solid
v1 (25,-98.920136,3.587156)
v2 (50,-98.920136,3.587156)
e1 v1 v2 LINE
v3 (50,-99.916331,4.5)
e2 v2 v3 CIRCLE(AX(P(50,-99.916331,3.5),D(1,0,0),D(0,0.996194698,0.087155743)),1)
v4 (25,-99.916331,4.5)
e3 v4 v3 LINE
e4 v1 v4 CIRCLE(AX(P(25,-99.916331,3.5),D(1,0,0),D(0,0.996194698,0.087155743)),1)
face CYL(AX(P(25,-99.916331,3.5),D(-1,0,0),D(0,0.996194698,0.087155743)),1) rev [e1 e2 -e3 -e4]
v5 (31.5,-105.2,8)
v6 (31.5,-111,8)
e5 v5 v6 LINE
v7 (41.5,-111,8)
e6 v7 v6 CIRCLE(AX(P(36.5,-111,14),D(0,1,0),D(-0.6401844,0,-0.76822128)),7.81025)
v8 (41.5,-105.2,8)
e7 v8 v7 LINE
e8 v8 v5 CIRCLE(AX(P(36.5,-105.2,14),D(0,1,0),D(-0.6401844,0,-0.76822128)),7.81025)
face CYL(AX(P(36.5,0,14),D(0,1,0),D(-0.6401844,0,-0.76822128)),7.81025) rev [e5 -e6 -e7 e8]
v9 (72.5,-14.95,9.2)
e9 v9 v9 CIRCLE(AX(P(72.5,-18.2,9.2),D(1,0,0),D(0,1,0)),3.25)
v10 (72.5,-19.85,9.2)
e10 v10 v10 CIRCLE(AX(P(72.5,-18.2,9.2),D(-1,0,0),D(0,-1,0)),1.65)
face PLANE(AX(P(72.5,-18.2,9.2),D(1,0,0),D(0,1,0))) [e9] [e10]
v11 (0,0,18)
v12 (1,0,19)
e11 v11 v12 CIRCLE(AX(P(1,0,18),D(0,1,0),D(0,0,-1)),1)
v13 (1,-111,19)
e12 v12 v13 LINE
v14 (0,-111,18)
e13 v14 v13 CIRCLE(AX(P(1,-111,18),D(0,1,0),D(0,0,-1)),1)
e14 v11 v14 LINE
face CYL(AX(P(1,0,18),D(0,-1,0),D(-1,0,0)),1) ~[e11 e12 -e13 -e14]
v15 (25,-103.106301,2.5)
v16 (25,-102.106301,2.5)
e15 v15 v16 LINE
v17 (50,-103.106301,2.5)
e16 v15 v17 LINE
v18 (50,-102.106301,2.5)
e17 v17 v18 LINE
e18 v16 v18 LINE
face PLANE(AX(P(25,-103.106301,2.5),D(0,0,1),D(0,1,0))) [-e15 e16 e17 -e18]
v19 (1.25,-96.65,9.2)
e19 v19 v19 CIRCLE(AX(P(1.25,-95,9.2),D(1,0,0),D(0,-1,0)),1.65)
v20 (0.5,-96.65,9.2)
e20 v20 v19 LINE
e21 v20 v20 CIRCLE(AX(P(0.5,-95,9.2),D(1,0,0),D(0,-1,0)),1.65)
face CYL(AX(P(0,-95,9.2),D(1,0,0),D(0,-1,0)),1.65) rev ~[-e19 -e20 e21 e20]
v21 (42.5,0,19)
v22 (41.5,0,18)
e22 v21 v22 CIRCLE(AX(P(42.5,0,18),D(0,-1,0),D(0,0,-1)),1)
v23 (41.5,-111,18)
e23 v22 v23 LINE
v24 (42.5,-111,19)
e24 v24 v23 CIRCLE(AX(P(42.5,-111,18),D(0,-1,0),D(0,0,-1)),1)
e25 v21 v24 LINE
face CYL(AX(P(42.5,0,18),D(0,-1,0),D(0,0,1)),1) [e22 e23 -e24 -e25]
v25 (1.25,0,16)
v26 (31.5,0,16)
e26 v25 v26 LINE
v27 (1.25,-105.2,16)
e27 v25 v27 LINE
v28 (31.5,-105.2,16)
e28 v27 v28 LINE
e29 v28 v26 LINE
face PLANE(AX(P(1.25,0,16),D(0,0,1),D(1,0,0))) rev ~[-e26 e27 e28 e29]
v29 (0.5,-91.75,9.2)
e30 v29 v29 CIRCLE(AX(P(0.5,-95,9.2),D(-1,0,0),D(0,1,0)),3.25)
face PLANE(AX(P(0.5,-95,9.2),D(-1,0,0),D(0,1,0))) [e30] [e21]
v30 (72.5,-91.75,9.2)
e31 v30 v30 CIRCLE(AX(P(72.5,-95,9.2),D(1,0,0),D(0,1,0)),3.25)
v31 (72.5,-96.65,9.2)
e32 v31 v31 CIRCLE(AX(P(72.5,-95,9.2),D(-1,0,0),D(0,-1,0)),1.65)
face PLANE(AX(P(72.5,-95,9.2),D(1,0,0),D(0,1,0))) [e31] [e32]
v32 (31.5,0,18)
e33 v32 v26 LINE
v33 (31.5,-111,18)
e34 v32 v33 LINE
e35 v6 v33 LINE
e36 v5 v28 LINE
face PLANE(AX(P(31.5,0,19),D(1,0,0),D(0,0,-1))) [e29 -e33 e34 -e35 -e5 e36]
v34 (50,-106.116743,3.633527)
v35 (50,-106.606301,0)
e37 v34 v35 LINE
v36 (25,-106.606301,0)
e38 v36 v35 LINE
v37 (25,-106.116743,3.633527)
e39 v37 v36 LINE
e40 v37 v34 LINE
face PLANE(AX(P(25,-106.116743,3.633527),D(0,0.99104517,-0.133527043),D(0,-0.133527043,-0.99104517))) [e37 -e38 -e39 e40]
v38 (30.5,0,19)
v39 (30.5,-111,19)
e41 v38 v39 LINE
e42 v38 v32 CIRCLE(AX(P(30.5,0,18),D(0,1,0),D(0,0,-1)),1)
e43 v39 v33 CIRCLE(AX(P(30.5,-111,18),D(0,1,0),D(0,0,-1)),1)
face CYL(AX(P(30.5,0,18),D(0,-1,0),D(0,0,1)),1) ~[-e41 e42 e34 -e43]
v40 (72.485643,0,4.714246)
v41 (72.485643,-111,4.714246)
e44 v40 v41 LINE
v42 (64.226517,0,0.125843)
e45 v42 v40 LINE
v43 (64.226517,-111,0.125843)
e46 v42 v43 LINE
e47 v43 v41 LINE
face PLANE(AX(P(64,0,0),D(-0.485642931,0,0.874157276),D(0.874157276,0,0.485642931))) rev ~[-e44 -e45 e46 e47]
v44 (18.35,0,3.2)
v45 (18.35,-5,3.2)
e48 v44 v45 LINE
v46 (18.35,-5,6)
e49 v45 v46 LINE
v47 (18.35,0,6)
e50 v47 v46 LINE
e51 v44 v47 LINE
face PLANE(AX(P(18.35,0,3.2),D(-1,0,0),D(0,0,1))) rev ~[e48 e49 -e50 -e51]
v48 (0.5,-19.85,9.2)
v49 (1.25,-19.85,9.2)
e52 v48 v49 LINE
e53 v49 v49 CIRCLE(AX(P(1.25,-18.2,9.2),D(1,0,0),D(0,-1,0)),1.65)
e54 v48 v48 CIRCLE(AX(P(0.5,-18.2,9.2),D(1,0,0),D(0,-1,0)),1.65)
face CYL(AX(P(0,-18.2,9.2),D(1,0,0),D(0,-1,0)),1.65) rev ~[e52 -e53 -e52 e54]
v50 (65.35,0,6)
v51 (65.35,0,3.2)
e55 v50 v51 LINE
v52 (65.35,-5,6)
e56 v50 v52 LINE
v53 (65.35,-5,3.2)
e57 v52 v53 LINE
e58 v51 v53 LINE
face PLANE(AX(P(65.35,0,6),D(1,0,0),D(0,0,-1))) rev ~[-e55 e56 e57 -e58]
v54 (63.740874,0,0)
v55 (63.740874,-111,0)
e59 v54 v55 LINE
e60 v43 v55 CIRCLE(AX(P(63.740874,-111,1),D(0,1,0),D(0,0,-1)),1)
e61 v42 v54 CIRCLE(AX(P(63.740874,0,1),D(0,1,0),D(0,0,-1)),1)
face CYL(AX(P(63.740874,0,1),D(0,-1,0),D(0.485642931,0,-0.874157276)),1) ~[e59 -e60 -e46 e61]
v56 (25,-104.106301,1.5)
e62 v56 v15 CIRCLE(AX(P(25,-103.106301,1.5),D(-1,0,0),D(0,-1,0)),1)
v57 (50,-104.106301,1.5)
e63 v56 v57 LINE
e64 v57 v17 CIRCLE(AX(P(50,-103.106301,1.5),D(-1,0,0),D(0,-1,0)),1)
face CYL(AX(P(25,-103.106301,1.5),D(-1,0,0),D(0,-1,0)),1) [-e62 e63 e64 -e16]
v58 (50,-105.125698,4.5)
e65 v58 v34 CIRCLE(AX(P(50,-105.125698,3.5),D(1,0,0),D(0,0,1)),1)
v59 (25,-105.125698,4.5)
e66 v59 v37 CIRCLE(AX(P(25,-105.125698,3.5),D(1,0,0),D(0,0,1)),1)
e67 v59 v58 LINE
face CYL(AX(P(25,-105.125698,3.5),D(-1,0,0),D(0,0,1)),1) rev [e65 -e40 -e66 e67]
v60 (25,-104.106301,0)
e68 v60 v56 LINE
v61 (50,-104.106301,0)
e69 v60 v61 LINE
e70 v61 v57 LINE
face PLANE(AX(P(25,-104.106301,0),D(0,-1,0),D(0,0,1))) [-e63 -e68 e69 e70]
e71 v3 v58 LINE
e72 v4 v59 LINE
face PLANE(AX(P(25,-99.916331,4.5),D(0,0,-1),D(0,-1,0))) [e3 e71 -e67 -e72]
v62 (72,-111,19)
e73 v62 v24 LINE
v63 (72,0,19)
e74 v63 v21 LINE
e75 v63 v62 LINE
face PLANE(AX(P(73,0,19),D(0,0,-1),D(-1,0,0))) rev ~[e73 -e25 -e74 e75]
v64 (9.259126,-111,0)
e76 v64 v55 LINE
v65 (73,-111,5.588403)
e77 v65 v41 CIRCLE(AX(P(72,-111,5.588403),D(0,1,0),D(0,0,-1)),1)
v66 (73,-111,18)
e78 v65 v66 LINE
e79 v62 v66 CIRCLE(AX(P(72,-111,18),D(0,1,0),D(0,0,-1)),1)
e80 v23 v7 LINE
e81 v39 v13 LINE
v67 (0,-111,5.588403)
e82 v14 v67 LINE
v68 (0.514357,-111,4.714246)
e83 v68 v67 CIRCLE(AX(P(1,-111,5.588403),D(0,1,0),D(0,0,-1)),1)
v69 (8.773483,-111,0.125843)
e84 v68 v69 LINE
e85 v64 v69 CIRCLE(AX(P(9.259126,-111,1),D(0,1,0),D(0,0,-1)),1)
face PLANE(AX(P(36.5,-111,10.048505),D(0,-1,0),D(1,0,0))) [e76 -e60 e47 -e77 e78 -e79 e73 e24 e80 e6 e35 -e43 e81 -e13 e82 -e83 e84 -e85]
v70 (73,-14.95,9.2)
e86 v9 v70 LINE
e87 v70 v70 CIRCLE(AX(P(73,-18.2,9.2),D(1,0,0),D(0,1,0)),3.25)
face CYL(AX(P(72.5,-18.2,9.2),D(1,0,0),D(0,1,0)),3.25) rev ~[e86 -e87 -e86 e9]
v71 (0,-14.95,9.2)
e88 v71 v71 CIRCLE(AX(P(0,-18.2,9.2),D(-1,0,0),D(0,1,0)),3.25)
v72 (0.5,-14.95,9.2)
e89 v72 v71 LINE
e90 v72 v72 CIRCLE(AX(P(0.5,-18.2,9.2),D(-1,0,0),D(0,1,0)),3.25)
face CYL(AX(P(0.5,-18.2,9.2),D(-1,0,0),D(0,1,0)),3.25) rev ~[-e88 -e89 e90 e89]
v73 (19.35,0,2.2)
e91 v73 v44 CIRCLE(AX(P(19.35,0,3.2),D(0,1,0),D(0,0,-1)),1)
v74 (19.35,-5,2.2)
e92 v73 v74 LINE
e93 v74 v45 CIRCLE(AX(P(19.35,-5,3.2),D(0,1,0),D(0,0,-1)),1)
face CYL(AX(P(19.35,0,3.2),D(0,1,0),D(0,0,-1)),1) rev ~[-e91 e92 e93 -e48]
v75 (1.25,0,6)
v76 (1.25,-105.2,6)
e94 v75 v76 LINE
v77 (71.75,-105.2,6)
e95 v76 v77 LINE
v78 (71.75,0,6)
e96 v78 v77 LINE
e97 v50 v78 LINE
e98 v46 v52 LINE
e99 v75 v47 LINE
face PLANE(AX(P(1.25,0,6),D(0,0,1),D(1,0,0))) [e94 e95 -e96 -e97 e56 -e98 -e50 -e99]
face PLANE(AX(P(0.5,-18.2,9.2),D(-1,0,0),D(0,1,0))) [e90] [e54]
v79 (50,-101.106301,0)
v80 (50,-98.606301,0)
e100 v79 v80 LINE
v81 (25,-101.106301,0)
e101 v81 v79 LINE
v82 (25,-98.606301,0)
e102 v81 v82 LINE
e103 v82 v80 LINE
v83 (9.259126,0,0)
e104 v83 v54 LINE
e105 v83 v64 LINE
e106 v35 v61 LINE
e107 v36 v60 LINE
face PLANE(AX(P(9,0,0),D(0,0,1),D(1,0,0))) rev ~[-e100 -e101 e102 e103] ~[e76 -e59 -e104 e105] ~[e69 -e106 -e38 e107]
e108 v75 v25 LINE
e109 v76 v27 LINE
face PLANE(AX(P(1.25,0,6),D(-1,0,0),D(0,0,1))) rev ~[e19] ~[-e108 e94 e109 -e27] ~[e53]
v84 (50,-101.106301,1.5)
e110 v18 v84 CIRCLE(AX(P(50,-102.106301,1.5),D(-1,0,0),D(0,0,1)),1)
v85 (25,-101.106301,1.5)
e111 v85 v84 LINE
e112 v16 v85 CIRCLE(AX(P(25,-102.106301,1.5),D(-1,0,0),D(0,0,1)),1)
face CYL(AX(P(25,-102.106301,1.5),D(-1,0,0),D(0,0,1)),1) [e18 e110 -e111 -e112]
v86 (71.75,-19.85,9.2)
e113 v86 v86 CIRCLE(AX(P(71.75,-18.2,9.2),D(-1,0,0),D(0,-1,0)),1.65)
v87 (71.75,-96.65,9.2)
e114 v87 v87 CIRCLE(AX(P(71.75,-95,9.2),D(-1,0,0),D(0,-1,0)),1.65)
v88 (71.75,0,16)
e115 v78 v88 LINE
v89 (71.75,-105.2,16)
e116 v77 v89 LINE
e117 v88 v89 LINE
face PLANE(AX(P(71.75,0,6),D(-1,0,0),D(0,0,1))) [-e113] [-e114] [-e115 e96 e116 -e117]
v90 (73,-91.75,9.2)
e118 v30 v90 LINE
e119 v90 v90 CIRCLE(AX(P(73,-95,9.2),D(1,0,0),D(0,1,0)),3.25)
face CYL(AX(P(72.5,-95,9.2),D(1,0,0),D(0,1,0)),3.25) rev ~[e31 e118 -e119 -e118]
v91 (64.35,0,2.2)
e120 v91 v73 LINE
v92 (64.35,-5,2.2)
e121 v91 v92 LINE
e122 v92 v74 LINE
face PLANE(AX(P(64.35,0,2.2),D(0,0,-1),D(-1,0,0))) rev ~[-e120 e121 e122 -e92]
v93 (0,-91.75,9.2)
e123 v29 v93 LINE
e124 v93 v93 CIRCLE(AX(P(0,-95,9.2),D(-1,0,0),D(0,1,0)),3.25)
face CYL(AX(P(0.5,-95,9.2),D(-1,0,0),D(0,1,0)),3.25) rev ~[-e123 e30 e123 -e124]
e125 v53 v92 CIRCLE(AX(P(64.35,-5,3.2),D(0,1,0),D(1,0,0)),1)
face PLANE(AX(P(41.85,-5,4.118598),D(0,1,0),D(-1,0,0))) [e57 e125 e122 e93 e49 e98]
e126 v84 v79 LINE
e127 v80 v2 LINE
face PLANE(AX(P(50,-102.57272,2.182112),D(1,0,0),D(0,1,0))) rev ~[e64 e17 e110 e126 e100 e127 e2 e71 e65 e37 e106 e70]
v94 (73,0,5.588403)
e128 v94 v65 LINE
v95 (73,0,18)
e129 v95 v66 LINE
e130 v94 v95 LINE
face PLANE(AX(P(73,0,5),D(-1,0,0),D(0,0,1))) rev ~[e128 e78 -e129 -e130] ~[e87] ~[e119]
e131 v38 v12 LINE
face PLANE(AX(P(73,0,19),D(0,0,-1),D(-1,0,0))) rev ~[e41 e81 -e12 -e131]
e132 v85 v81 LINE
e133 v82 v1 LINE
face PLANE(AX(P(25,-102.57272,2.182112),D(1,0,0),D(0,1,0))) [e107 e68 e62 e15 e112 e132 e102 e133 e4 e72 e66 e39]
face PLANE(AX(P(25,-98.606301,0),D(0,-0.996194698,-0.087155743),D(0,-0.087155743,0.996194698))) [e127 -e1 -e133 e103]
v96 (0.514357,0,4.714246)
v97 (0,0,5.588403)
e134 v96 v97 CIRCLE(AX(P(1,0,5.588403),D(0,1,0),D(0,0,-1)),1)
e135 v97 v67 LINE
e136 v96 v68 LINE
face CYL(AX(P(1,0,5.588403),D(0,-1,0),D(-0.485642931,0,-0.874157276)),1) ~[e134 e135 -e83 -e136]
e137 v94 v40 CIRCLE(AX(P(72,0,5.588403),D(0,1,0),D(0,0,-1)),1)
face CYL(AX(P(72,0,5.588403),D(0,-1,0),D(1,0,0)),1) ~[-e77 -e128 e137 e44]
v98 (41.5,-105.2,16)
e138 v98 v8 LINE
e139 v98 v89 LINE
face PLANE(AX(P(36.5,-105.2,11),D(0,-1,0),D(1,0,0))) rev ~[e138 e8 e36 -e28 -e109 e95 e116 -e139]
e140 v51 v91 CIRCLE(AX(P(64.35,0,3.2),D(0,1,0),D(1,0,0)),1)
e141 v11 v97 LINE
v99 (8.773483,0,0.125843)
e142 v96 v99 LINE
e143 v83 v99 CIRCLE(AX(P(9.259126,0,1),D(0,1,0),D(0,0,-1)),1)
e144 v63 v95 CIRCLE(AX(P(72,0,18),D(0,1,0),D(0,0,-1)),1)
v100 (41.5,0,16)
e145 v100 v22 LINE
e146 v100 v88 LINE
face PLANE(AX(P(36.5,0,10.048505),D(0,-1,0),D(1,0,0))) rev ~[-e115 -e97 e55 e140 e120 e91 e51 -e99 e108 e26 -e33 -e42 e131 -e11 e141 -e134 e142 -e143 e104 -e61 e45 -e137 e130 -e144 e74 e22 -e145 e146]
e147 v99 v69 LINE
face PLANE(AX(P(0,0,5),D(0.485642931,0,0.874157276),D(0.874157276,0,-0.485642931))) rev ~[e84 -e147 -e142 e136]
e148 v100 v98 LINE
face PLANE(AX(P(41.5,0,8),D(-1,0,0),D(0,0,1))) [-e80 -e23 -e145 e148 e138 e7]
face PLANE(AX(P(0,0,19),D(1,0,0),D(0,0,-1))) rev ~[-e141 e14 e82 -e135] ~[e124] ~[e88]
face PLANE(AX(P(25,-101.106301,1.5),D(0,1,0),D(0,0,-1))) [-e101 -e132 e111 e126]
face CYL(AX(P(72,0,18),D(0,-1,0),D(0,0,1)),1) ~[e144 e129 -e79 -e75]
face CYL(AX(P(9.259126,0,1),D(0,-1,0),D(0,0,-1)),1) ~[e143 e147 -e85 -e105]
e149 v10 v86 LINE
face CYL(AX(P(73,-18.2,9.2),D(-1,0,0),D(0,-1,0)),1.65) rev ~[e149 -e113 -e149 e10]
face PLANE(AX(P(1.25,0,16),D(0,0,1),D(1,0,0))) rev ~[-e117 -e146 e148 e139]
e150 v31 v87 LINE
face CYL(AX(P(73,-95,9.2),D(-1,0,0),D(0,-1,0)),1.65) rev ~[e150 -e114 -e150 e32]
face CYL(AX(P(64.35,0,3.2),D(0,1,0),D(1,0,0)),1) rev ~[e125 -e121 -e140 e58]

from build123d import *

# Parameters (mm, degrees)
F1_DEPTH       = 111
F2_W           = 70.5
F2_H           = 10
F3_DEPTH       = 105.2
F5_DEPTH       = 150
F7_D           = 3.3
F7_DEPTH       = 5
F7_CBORE_D     = 6.5
F7_CBORE_DEPTH = 0.5
F7_TIP         = 0.9914200214
F9_D           = 3.3
F9_DEPTH       = 5
F9_CBORE_D     = 6.5
F9_CBORE_DEPTH = 0.5
F9_TIP         = 0.9914200214
F11_START      = 25
F11_DEPTH      = 25
F12_R          = 1
F14_DEPTH      = 5


with BuildPart() as f1:
    # F0 (on Front) → F1 (new body)
    with BuildSketch(Plane.XZ):
        Polygon((73, 19), (0, 19), (0, 5), (9, 0), (64, 0), (73, 5), align=None)
    extrude(amount=F1_DEPTH)

    # F2 (on Front) → F3 (cut)
    with BuildSketch(Plane.XZ):
        with Locations((36.5, 11)):
            Rectangle(F2_W, F2_H)
    extrude(amount=F3_DEPTH, mode=Mode.SUBTRACT)

    # F4 (on Front) → F5 (cut)
    with BuildSketch(Plane.XZ):
        with BuildLine():
            Line((41.5, 19), (31.5, 19))
            Line((31.5, 19), (31.5, 8))
            ThreePointArc((31.5, 8), (36.5, 6.1897503241), (41.5, 8))
            Line((41.5, 8), (41.5, 19))
        make_face()
    extrude(amount=F5_DEPTH, mode=Mode.SUBTRACT)

    # F7
    with Locations(Plane(origin=(0, 0, 0), x_dir=(0, 1, 0), z_dir=(-1, 0, 0))):
        with Locations((-95, -9.2), (-18.2, -9.2)):
            CounterBoreHole(F7_D / 2, F7_CBORE_D / 2, F7_CBORE_DEPTH, depth=F7_DEPTH)
            with Locations((0, 0, -(F7_DEPTH + F7_TIP / 2))):  # 118° drill point
                Cone(0, F7_D / 2, F7_TIP, mode=Mode.SUBTRACT)

    # F9
    with Locations(Plane.YZ.offset(73)):
        with Locations((-95, 9.2), (-18.2, 9.2)):
            CounterBoreHole(F9_D / 2, F9_CBORE_D / 2, F9_CBORE_DEPTH, depth=F9_DEPTH)
            with Locations((0, 0, -(F9_DEPTH + F9_TIP / 2))):  # 118° drill point
                Cone(0, F9_D / 2, F9_TIP, mode=Mode.SUBTRACT)

    # F10 (on Right) → F11 (cut)
    with BuildSketch(Plane.YZ.offset(F11_START)):
        with BuildLine():
            Line((-99.916331174, 4.5), (-105.1256978151, 4.5))
            ThreePointArc((-105.1256978151, 4.5), (-105.7839048332, 4.2528369819), (-106.1167429851, 3.6335270426))
            Line((-106.1167429851, 3.6335270426), (-106.6063010141, 0))
            Line((-106.6063010141, 0), (-104.1063010141, 0))
            Line((-104.1063010141, 0), (-104.1063010141, 1.5))
            ThreePointArc((-104.1063010141, 1.5), (-103.8134077953, 2.2071067812), (-103.1063010141, 2.5))
            Line((-103.1063010141, 2.5), (-102.1063010141, 2.5))
            ThreePointArc((-102.1063010141, 2.5), (-101.3991942329, 2.2071067812), (-101.1063010141, 1.5))
            Line((-101.1063010141, 1.5), (-101.1063010141, 0))
            Line((-101.1063010141, 0), (-98.6063010141, 0))
            Line((-98.6063010141, 0), (-98.9201364759, 3.5871557427))
            ThreePointArc((-98.9201364759, 3.5871557427), (-99.2407409664, 4.2372773368), (-99.916331174, 4.5))
        make_face()
    extrude(amount=F11_DEPTH, mode=Mode.SUBTRACT)

    # F12
    f12_edges = [f1.edges().sort_by_distance(p)[0] for p in [
        (73, -55.5, 19),
        (0, -55.5, 19),
        (31.5, -55.5, 19),
        (41.5, -55.5, 19),
        (9, -55.5, 0),
        (64, -55.5, 0),
        (73, -55.5, 5),
        (0, -55.5, 5),
    ]]
    fillet(f12_edges, radius=F12_R)

    # F13 (on face) → F14 (cut)
    with BuildSketch(Plane(origin=(0, 0, 0), x_dir=(-1, 0, 0), z_dir=(0, 1, 0))):
        with BuildLine():
            Line((-18.35, 6), (-65.35, 6))
            Line((-65.35, 6), (-65.35, 3.2))
            ThreePointArc((-65.35, 3.2), (-65.0571067812, 2.4928932188), (-64.35, 2.2))
            Line((-64.35, 2.2), (-19.35, 2.2))
            ThreePointArc((-19.35, 2.2), (-18.6428932188, 2.4928932188), (-18.35, 3.2))
            Line((-18.35, 3.2), (-18.35, 6))
        make_face()
    extrude(amount=-F14_DEPTH, mode=Mode.SUBTRACT)


solid = f1.part
